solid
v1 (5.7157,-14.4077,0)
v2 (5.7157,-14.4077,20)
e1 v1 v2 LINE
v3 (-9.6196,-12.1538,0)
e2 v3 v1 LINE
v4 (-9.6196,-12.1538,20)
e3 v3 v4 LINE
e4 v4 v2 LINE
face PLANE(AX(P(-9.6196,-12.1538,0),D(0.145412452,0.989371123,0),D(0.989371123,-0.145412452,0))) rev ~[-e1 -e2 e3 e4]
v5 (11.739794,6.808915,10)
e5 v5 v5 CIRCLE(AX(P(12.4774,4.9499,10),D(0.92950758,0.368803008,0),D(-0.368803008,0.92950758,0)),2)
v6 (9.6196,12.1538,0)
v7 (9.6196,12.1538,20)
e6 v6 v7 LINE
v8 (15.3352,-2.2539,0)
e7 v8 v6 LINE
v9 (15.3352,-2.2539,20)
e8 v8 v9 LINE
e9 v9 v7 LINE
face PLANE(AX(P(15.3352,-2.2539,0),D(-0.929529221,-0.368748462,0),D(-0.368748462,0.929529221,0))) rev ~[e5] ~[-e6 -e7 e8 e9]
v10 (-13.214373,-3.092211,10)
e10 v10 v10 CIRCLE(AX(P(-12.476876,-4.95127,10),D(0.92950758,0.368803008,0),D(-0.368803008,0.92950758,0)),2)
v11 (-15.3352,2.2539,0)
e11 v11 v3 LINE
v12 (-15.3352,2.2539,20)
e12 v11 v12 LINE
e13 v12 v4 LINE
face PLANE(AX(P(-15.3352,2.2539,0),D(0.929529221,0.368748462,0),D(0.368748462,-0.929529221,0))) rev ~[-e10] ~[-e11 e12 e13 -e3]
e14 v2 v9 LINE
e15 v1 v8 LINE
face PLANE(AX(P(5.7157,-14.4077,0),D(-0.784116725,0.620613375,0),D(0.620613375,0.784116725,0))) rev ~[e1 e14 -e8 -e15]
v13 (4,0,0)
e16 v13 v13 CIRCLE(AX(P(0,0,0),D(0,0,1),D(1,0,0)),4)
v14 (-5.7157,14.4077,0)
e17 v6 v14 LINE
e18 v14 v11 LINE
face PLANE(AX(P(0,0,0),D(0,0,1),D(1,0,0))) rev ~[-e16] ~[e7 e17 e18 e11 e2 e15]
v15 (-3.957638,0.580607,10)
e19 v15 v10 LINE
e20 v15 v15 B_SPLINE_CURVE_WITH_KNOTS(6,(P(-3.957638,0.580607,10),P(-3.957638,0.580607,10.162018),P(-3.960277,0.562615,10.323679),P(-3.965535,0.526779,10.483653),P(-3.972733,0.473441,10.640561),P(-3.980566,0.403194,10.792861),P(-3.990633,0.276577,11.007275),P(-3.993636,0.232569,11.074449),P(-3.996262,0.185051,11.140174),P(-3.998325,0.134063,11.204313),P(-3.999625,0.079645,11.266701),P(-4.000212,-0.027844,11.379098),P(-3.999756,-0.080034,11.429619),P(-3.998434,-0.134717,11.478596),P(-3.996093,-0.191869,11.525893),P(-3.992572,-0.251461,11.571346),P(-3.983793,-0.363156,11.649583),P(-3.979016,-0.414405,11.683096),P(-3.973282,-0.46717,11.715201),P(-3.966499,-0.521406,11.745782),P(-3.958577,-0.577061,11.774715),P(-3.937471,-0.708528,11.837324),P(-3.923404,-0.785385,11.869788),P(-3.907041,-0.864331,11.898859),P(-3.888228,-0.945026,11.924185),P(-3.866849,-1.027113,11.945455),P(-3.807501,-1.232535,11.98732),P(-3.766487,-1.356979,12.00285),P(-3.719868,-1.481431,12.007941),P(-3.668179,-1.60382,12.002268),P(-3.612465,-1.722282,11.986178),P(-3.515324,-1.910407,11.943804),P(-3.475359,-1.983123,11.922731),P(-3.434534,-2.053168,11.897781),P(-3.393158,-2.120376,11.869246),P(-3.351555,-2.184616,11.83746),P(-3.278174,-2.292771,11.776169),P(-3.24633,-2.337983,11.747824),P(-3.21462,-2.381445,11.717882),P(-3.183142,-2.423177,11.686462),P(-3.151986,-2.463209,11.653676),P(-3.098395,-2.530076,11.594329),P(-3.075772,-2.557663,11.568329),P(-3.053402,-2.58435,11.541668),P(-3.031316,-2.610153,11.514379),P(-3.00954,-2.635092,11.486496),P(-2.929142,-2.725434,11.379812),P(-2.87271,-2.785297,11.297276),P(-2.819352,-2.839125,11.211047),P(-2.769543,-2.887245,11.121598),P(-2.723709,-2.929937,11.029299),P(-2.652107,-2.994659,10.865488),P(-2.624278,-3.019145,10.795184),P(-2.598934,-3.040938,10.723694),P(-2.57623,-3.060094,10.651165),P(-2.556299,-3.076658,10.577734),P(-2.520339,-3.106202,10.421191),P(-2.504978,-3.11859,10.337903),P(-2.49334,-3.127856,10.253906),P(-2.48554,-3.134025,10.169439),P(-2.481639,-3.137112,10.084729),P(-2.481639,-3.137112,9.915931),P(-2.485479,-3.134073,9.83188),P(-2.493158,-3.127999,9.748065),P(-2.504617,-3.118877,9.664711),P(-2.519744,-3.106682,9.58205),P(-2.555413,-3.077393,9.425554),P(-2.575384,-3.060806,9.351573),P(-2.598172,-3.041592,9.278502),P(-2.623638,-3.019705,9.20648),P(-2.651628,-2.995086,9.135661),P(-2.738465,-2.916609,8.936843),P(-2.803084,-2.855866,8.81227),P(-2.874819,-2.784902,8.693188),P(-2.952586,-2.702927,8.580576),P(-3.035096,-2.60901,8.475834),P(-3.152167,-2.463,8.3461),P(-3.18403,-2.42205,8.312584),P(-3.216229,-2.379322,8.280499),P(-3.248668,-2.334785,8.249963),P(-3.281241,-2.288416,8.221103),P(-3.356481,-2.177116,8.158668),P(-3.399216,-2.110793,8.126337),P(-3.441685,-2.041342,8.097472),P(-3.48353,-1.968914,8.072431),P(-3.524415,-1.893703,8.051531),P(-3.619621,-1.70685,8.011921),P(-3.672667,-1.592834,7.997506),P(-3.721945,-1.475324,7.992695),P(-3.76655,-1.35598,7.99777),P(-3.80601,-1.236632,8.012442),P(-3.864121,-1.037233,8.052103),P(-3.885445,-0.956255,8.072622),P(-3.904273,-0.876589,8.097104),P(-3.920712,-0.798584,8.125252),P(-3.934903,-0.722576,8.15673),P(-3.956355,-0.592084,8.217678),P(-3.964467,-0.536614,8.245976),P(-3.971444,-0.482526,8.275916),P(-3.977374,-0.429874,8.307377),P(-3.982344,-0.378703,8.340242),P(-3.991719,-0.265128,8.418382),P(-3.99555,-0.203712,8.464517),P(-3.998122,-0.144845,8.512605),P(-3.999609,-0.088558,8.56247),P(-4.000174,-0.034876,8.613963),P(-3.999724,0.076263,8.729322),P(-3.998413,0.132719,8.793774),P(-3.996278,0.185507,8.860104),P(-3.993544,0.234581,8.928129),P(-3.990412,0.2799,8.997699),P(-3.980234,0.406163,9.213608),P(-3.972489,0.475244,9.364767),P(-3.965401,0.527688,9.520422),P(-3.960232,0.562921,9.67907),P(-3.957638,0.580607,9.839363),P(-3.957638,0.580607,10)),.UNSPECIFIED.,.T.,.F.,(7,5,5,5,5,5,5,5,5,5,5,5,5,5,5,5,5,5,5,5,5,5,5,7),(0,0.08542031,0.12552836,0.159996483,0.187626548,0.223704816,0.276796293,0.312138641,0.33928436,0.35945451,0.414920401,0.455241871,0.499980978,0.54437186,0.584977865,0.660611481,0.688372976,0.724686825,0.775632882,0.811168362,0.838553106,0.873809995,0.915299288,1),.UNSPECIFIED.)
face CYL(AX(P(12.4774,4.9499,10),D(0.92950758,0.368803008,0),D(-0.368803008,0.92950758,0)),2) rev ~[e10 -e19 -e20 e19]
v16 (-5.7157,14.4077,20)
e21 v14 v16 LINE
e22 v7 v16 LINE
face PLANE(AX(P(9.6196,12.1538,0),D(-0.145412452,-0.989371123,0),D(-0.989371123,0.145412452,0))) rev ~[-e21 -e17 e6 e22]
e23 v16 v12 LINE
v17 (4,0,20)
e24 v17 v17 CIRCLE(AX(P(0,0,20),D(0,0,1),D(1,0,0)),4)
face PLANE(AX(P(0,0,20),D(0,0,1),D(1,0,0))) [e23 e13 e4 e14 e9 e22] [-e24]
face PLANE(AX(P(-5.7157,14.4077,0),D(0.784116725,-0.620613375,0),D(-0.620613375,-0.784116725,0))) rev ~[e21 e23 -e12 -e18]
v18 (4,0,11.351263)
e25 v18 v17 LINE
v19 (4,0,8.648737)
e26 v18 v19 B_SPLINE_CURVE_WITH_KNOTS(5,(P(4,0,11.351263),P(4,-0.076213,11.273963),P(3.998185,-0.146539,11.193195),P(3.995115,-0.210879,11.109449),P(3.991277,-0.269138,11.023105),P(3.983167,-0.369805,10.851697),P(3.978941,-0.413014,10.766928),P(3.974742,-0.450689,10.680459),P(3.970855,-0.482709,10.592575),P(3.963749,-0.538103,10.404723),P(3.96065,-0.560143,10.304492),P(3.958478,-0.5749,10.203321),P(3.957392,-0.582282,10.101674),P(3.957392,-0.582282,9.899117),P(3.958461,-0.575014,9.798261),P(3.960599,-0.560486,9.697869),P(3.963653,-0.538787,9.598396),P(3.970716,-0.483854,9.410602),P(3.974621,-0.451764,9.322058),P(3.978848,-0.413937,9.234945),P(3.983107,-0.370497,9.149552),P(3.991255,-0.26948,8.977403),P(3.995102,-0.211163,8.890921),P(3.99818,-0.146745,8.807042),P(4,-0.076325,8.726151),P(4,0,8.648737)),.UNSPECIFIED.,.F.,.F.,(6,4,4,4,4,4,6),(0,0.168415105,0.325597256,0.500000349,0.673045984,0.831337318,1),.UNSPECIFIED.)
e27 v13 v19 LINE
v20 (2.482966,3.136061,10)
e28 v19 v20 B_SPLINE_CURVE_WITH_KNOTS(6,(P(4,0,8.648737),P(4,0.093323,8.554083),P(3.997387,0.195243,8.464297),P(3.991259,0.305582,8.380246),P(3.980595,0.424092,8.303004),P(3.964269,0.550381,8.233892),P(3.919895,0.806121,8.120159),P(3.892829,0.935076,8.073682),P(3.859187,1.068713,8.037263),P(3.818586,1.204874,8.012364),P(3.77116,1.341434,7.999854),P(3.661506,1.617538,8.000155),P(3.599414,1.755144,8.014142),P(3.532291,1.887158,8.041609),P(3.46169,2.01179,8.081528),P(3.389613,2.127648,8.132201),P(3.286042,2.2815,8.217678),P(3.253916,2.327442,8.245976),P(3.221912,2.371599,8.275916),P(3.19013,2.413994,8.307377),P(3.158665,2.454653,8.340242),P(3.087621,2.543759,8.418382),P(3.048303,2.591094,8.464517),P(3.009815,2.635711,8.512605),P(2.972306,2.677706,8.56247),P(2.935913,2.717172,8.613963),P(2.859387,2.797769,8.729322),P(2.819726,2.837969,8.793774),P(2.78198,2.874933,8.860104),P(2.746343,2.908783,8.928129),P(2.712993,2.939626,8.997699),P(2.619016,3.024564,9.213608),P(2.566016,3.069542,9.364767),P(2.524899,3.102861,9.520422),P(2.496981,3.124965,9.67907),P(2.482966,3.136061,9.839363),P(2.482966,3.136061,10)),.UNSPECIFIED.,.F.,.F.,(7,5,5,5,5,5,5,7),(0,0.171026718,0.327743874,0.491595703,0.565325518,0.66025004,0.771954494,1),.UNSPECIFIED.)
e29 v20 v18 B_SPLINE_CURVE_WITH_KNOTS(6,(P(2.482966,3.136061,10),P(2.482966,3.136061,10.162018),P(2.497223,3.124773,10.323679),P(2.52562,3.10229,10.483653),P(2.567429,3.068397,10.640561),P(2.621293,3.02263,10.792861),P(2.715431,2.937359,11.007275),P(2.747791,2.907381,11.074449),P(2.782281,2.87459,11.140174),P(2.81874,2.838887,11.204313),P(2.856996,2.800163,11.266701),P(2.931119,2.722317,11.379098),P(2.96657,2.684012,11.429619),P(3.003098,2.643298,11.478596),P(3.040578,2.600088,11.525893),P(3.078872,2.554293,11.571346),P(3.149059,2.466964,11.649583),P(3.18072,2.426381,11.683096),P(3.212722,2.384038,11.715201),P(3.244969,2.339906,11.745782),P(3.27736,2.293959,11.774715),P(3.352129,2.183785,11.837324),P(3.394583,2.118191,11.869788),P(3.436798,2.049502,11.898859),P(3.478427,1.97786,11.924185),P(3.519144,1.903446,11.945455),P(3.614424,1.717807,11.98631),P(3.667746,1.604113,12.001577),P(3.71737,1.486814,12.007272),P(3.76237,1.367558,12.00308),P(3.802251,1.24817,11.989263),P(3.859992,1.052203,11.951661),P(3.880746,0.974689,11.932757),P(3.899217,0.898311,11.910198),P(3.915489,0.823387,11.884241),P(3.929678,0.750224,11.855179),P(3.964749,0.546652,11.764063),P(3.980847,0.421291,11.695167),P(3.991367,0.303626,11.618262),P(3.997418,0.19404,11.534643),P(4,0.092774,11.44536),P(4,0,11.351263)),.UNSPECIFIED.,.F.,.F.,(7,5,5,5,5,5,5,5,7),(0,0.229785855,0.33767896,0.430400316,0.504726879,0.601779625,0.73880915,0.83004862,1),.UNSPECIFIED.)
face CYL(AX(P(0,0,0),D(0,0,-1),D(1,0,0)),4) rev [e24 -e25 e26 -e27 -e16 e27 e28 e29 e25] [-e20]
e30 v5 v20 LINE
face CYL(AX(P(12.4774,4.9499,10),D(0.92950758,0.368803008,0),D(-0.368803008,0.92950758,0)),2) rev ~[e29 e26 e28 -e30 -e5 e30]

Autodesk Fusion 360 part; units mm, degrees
sketch "Sketch1" plane through (0, 0, 0) normal (0, 0, 1) x (1, 0, 0)
  line L0 (9.6196, 12.1538) -> (-5.7157, 14.4077)
  line L1 (-5.7157, 14.4077) -> (-15.3352, 2.2539)
  line L2 (-15.3352, 2.2539) -> (-9.6196, -12.1538)
  line L3 (-9.6196, -12.1538) -> (5.7157, -14.4077)
  line L4 (5.7157, -14.4077) -> (15.3352, -2.2539)
  line L5 (15.3352, -2.2539) -> (9.6196, 12.1538)
  circle A0 centre (0, 0) radius 4
  dimension "d2" = 15.5
  dimension "d4" = 8
extrude "Extrude1" add sketch "Sketch1" along normal blind 20
sketch "Sketch2" plane through (12.4774, 4.9499, 0) normal (0.9295, 0.3688, 0) x (-0.3688, 0.9295, 0)
  line L0 (-7.75, 0) -> (7.75, 0)
  line L1 (7.75, 0) -> (7.75, 20)
  line L2 (7.75, 20) -> (-7.75, 20)
  line L3 (-7.75, 20) -> (-7.75, 0)
  circle A0 centre (0, 10) radius 2
  dimension "d10" = 4
  dimension "d11" = 10
  dimension "d12" = 7.75
extrude "Extrude2" cut sketch "Sketch2" against normal blind 115.5 contours A0
equation "hub_nut_polygon_radius = 7.75 mm"
equation "d2 = hub_nut_polygon_radius * 2"
equation "center_hole_radius = 4 mm"
equation "d4 = center_hole_radius * 2"
equation "thickness = 20 mm"
equation "extra = 100 mm"
equation "dowel_pin_hole_radius = 2 mm"
equation "d8 = thickness"
equation "d10 = dowel_pin_hole_radius * 2"
equation "d11 = thickness / 2"
equation "d12 = hub_nut_polygon_radius"
equation "d13 = -( hub_nut_polygon_radius * 2 + extra )"
